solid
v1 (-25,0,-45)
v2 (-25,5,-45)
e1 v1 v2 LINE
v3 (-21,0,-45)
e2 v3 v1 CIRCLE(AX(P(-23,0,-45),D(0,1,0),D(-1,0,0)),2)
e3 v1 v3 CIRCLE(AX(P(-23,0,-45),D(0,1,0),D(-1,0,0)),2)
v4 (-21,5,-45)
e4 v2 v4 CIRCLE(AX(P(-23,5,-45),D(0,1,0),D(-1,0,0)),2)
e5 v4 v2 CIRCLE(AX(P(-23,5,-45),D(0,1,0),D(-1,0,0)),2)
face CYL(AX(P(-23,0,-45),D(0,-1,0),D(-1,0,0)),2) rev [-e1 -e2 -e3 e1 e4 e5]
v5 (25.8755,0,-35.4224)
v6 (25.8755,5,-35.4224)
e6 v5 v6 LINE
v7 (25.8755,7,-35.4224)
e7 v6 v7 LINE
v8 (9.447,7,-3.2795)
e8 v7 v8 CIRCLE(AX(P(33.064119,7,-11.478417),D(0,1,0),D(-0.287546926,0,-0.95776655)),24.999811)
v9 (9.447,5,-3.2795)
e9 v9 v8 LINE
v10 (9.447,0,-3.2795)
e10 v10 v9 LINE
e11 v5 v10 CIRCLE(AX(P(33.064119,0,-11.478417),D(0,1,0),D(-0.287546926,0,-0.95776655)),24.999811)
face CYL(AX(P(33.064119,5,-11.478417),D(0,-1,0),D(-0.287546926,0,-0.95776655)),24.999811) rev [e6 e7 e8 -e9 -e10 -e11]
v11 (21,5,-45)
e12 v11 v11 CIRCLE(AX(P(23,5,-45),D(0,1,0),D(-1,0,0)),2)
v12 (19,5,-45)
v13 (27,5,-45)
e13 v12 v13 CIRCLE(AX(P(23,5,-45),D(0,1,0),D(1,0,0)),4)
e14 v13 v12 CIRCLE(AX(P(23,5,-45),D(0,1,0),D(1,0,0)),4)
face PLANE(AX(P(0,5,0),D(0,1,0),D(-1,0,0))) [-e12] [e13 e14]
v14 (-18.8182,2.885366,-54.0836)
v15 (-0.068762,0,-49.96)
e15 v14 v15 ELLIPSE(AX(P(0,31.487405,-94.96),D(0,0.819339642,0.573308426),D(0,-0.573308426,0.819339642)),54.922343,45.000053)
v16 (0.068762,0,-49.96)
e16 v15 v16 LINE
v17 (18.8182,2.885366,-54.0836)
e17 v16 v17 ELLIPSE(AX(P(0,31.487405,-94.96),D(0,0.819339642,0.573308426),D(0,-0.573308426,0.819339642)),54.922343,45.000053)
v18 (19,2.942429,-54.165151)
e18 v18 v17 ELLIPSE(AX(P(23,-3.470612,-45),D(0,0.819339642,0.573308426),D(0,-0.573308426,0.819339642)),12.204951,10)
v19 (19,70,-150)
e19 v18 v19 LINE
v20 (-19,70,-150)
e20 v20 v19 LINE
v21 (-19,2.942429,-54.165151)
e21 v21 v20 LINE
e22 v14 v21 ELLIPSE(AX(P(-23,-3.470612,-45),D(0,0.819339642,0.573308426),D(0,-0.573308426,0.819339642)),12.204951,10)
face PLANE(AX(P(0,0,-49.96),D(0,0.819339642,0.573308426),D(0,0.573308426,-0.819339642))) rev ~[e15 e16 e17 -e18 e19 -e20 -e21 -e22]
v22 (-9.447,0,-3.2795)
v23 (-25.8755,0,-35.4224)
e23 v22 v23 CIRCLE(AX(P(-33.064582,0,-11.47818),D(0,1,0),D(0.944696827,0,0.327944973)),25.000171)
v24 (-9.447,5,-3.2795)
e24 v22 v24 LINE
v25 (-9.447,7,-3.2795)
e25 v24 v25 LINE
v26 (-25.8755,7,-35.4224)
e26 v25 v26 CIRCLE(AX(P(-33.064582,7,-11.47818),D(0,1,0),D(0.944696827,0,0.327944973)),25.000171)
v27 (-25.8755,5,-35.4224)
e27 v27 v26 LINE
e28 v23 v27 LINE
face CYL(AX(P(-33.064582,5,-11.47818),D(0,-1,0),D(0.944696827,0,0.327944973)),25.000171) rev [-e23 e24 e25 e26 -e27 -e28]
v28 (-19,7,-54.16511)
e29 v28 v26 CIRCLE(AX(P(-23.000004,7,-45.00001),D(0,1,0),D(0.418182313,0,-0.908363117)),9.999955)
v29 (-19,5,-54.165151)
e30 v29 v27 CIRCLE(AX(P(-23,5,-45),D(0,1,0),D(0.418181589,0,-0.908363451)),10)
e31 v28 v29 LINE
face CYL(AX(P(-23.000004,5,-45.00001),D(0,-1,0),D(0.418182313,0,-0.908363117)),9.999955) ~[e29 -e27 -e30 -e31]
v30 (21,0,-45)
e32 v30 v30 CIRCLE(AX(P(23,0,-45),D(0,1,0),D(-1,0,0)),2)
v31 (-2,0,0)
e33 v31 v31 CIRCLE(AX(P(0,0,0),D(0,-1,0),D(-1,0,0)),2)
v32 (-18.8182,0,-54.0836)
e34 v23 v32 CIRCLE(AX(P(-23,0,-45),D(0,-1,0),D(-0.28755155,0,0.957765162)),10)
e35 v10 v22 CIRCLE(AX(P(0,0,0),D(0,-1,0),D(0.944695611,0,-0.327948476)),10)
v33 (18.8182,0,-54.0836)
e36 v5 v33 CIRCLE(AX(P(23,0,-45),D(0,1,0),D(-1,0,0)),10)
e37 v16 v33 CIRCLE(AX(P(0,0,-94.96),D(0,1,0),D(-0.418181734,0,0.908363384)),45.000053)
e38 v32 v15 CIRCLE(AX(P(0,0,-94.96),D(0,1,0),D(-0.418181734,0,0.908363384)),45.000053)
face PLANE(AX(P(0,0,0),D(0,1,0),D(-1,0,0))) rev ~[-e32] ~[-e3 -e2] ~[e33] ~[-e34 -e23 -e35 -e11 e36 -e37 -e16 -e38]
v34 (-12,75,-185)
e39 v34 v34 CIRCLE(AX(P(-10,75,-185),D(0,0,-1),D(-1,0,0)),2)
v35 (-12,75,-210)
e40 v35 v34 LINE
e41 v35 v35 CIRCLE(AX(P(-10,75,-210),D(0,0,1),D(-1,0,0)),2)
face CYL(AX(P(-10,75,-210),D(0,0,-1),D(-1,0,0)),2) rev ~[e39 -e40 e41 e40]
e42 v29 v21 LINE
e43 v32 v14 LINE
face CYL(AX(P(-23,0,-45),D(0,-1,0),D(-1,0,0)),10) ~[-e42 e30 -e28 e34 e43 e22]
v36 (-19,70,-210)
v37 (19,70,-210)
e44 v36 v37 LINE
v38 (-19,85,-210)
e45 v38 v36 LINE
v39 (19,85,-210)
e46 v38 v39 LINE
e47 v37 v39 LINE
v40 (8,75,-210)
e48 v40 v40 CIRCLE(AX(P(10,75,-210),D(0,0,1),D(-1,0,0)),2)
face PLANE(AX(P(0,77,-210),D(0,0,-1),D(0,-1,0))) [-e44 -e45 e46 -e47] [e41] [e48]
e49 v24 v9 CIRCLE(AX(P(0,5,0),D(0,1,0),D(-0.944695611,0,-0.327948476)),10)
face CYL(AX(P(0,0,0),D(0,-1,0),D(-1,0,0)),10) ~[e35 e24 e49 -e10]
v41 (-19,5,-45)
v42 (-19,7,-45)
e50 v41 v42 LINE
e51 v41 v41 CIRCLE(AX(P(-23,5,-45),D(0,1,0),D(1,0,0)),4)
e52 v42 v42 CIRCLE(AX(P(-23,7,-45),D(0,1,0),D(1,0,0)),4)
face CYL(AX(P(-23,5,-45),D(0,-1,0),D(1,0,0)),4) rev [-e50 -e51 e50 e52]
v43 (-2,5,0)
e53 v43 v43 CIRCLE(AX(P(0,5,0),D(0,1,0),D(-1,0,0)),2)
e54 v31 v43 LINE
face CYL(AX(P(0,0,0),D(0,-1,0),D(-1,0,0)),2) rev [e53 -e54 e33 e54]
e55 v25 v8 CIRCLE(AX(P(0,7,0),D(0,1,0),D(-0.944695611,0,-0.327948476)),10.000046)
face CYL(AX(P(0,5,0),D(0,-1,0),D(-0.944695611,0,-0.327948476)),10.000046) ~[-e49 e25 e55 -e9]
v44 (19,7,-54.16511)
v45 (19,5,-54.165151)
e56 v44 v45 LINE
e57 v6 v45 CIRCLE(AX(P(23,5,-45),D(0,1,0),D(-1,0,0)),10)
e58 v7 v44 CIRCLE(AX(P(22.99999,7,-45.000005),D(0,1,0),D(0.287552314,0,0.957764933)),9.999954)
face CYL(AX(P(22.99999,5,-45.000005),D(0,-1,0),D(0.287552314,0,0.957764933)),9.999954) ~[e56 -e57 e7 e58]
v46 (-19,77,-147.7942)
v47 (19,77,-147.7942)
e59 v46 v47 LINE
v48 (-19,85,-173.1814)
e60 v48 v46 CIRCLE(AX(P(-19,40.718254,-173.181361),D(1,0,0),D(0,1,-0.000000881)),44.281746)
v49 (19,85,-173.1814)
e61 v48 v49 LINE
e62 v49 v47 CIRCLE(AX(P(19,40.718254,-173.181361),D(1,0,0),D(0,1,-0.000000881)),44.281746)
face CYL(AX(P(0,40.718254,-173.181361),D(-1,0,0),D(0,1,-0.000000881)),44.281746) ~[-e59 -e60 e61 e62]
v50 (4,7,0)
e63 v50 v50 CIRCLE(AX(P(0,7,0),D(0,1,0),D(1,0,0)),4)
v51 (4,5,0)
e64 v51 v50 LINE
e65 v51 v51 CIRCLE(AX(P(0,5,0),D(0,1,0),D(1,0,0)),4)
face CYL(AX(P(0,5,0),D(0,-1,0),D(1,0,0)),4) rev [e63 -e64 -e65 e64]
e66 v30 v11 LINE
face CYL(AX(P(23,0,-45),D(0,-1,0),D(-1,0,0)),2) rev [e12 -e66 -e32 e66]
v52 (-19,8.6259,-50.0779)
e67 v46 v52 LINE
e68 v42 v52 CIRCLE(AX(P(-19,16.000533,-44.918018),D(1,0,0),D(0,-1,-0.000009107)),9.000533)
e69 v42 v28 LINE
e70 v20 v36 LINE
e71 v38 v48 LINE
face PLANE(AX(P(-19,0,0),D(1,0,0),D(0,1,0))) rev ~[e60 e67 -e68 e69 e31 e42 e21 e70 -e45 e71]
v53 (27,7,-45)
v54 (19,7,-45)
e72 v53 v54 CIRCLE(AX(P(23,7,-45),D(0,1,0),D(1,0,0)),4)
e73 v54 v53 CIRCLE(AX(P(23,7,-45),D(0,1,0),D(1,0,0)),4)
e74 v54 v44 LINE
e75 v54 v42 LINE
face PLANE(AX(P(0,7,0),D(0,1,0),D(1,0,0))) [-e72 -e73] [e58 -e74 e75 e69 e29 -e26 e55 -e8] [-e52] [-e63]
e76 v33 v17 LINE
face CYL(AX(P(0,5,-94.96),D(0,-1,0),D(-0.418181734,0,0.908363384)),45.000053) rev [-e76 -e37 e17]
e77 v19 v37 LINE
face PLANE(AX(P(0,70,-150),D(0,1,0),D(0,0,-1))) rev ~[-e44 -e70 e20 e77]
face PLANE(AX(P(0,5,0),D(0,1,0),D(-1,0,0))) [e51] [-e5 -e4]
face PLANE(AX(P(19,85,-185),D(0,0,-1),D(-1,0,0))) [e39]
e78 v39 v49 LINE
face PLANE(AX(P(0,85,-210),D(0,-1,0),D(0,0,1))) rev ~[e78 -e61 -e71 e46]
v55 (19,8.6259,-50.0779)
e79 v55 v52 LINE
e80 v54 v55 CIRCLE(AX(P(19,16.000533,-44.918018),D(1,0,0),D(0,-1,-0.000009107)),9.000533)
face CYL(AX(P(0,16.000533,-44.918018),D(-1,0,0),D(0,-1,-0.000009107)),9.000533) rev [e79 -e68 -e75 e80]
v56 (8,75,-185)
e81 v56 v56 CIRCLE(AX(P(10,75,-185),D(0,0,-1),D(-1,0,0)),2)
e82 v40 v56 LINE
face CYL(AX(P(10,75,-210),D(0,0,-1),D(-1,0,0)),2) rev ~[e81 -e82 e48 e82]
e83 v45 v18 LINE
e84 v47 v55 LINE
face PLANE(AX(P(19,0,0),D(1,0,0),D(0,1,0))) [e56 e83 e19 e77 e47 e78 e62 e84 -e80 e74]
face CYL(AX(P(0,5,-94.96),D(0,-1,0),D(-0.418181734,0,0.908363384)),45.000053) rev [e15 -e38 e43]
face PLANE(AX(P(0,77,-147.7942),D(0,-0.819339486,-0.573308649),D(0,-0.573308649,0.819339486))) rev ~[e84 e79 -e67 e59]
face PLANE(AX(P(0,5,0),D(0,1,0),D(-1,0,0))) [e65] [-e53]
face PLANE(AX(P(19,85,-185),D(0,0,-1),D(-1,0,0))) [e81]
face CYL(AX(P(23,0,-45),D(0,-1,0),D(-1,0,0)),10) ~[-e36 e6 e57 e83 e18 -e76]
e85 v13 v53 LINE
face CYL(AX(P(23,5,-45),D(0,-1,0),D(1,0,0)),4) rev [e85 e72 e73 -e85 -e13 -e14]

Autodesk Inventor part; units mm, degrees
ref_plane "YZ Plane" through (0, 0, 0) normal (1, 0, 0) x (0, 1, 0)
ref_plane "XZ Plane" through (0, 0, 0) normal (0, 1, 0) x (-1, 0, 0)
ref_plane "XY Plane" through (0, 0, 0) normal (0, 0, 1) x (1, 0, 0)
sketch "스케치1" plane through (0, 0, 0) normal (0, 1, 0) x (-1, 0, 0)
  circle A0 centre (0, 0) radius 2
  line L0 (0, 0) -> (0, -45)
  line L1 (23, -45) -> (-23, -45)
  circle A1 centre (23, -45) radius 2
  circle A2 centre (-23, -45) radius 2
  circle A3 centre (23, -45) radius 10
  circle A4 centre (-23, -45) radius 10
  circle A5 centre (0, 0) radius 10
  arc A6 (9.447, -3.2795) -> (25.8755, -35.4224) centre (33.0643, -11.4782) ccw
  line L2 (0, -115.952) -> (0, 30.992) projected
  arc A7 (-25.8755, -35.4224) -> (-9.447, -3.2795) centre (-33.0643, -11.4782) ccw
  arc A8 (18.8182, -54.0836) -> (-18.8182, -54.0836) centre (0, -94.96) ccw
  point P0 (-9.447, -3.2795)
  point P1 (-25.8755, -35.4224)
  dimension "d6" = 20
  dimension "d7" = 20
  dimension "d0" = 4
  dimension "d1" = 45
  dimension "d2" = 46
  dimension "d3" = 4
  dimension "d4" = 4
  dimension "d5" = 20
  dimension "d8" = 25
  dimension "d9" = 45
extrude "돌출1" add sketch "스케치1" along normal blind 5 contours A0 L2 A5 L0 | A0 L0 A5 L2 | A5 A6 A3 L1 L0 | L0 L1 A4 A7 A5 | L2 A8 A4 L1 | L1 A3 A8 L2 | A4 | A3
sketch "스케치2" plane through (0, 5, 0) normal (0, 1, 0) x (1, 0, 0)
  arc A0 (-9.447, 3.2795) -> (9.447, 3.2795) centre (0, 0) ccw projected
  arc A1 (25.8755, 35.4224) -> (9.447, 3.2795) centre (33.0643, 11.4782) ccw projected
  arc A2 (25.8755, 35.4224) -> (18.8182, 54.0836) centre (23, 45) ccw projected
  arc A3 (-18.8182, 54.0836) -> (18.8182, 54.0836) centre (0, 94.96) ccw projected
  arc A4 (-18.8182, 54.0836) -> (-25.8755, 35.4224) centre (-23, 45) ccw projected
  arc A5 (-9.447, 3.2795) -> (-25.8755, 35.4224) centre (-33.0643, 11.4782) ccw projected
  circle A6 centre (-23, 45) radius 2 projected
  circle A7 centre (23, 45) radius 2 projected
  circle A8 centre (0, 0) radius 2 projected
  circle A9 centre (-23, 45) radius 4
  circle A10 centre (23, 45) radius 4
  circle A11 centre (0, 0) radius 4
  dimension "d12" = 8
  dimension "d13" = 8
  dimension "d14" = 8
extrude "돌출2" add sketch "스케치2" along normal blind 2 contours A5 A4 A3 A2 A1 A0
sketch "스케치7" plane through (0, 0, 0) normal (1, 0, 0) x (0, 1, 0)
  line L0 (5, -43) -> (5, -47) projected
  line L1 (0, -43) -> (0, -47) projected
  line L2 (7, -41) -> (7, -49) projected
  line L3 (5, -49) -> (5, -41) projected
  line L4 (0, -45) -> (7, -45)
  line L5 (7, -41) -> (7, -49) projected
  line L6 (7, -45) -> (0, -45)
  line L7 (7, -55) -> (7, -35.4224) projected
  line L8 (0, -49.96) -> (0, -54.0836) projected
  line L9 (0, -45) -> (0, -49.96)
  line L10 (0, -49.96) -> (70, -150)
  line L11 (77, -147.7942) -> (8.6259, -50.0779)
  arc A0 (7, -44.9181) -> (8.6259, -50.0779) centre (16, -44.9181) ccw
  line L12 (77, -147.7942) -> (77, -210)
  line L13 (70, -150) -> (70, -210)
  line L14 (77, -210) -> (70, -210)
  line L15 (77, -210) -> (85, -210)
  line L16 (85, -210) -> (85, -173.1814)
  arc A1 (85, -173.1814) -> (77, -147.7942) centre (40.718, -173.1814) ccw
  point P0 (0, 0)
  point P1 (7, -54.0836)
  point P2 (7, -44.9181)
  dimension "d34" = 7
  dimension "d35" = 9
  dimension "d36" = 7
  dimension "d37" = 60
  dimension "d39" = 165
  dimension "d40" = 70
  dimension "d41" = 8
extrude "돌출7" add sketch "스케치7" along normal mid plane 38
sketch "스케치8" plane through (19, 85, -210) normal (0, 0, -1) x (-1, 0, 0)
  line L0 (38, -15) -> (0, -15) projected
  line L1 (19, -15) -> (19, -8)
  line L2 (38, -8) -> (0, -8) projected
  line L3 (9, -10) -> (29, -10)
  circle A0 centre (9, -10) radius 2
  circle A1 centre (29, -10) radius 2
  line L4 (38, 0) -> (0, 0) projected
  point P0 (19, -85)
  point P1 (19, -10)
  dimension "d44" = 20
  dimension "d45" = 4
  dimension "d46" = 4
  dimension "d47" = 10
extrude "돌출8" cut sketch "스케치8" against normal blind 25 contours A0 | A1
properties part number "라이다 고"
